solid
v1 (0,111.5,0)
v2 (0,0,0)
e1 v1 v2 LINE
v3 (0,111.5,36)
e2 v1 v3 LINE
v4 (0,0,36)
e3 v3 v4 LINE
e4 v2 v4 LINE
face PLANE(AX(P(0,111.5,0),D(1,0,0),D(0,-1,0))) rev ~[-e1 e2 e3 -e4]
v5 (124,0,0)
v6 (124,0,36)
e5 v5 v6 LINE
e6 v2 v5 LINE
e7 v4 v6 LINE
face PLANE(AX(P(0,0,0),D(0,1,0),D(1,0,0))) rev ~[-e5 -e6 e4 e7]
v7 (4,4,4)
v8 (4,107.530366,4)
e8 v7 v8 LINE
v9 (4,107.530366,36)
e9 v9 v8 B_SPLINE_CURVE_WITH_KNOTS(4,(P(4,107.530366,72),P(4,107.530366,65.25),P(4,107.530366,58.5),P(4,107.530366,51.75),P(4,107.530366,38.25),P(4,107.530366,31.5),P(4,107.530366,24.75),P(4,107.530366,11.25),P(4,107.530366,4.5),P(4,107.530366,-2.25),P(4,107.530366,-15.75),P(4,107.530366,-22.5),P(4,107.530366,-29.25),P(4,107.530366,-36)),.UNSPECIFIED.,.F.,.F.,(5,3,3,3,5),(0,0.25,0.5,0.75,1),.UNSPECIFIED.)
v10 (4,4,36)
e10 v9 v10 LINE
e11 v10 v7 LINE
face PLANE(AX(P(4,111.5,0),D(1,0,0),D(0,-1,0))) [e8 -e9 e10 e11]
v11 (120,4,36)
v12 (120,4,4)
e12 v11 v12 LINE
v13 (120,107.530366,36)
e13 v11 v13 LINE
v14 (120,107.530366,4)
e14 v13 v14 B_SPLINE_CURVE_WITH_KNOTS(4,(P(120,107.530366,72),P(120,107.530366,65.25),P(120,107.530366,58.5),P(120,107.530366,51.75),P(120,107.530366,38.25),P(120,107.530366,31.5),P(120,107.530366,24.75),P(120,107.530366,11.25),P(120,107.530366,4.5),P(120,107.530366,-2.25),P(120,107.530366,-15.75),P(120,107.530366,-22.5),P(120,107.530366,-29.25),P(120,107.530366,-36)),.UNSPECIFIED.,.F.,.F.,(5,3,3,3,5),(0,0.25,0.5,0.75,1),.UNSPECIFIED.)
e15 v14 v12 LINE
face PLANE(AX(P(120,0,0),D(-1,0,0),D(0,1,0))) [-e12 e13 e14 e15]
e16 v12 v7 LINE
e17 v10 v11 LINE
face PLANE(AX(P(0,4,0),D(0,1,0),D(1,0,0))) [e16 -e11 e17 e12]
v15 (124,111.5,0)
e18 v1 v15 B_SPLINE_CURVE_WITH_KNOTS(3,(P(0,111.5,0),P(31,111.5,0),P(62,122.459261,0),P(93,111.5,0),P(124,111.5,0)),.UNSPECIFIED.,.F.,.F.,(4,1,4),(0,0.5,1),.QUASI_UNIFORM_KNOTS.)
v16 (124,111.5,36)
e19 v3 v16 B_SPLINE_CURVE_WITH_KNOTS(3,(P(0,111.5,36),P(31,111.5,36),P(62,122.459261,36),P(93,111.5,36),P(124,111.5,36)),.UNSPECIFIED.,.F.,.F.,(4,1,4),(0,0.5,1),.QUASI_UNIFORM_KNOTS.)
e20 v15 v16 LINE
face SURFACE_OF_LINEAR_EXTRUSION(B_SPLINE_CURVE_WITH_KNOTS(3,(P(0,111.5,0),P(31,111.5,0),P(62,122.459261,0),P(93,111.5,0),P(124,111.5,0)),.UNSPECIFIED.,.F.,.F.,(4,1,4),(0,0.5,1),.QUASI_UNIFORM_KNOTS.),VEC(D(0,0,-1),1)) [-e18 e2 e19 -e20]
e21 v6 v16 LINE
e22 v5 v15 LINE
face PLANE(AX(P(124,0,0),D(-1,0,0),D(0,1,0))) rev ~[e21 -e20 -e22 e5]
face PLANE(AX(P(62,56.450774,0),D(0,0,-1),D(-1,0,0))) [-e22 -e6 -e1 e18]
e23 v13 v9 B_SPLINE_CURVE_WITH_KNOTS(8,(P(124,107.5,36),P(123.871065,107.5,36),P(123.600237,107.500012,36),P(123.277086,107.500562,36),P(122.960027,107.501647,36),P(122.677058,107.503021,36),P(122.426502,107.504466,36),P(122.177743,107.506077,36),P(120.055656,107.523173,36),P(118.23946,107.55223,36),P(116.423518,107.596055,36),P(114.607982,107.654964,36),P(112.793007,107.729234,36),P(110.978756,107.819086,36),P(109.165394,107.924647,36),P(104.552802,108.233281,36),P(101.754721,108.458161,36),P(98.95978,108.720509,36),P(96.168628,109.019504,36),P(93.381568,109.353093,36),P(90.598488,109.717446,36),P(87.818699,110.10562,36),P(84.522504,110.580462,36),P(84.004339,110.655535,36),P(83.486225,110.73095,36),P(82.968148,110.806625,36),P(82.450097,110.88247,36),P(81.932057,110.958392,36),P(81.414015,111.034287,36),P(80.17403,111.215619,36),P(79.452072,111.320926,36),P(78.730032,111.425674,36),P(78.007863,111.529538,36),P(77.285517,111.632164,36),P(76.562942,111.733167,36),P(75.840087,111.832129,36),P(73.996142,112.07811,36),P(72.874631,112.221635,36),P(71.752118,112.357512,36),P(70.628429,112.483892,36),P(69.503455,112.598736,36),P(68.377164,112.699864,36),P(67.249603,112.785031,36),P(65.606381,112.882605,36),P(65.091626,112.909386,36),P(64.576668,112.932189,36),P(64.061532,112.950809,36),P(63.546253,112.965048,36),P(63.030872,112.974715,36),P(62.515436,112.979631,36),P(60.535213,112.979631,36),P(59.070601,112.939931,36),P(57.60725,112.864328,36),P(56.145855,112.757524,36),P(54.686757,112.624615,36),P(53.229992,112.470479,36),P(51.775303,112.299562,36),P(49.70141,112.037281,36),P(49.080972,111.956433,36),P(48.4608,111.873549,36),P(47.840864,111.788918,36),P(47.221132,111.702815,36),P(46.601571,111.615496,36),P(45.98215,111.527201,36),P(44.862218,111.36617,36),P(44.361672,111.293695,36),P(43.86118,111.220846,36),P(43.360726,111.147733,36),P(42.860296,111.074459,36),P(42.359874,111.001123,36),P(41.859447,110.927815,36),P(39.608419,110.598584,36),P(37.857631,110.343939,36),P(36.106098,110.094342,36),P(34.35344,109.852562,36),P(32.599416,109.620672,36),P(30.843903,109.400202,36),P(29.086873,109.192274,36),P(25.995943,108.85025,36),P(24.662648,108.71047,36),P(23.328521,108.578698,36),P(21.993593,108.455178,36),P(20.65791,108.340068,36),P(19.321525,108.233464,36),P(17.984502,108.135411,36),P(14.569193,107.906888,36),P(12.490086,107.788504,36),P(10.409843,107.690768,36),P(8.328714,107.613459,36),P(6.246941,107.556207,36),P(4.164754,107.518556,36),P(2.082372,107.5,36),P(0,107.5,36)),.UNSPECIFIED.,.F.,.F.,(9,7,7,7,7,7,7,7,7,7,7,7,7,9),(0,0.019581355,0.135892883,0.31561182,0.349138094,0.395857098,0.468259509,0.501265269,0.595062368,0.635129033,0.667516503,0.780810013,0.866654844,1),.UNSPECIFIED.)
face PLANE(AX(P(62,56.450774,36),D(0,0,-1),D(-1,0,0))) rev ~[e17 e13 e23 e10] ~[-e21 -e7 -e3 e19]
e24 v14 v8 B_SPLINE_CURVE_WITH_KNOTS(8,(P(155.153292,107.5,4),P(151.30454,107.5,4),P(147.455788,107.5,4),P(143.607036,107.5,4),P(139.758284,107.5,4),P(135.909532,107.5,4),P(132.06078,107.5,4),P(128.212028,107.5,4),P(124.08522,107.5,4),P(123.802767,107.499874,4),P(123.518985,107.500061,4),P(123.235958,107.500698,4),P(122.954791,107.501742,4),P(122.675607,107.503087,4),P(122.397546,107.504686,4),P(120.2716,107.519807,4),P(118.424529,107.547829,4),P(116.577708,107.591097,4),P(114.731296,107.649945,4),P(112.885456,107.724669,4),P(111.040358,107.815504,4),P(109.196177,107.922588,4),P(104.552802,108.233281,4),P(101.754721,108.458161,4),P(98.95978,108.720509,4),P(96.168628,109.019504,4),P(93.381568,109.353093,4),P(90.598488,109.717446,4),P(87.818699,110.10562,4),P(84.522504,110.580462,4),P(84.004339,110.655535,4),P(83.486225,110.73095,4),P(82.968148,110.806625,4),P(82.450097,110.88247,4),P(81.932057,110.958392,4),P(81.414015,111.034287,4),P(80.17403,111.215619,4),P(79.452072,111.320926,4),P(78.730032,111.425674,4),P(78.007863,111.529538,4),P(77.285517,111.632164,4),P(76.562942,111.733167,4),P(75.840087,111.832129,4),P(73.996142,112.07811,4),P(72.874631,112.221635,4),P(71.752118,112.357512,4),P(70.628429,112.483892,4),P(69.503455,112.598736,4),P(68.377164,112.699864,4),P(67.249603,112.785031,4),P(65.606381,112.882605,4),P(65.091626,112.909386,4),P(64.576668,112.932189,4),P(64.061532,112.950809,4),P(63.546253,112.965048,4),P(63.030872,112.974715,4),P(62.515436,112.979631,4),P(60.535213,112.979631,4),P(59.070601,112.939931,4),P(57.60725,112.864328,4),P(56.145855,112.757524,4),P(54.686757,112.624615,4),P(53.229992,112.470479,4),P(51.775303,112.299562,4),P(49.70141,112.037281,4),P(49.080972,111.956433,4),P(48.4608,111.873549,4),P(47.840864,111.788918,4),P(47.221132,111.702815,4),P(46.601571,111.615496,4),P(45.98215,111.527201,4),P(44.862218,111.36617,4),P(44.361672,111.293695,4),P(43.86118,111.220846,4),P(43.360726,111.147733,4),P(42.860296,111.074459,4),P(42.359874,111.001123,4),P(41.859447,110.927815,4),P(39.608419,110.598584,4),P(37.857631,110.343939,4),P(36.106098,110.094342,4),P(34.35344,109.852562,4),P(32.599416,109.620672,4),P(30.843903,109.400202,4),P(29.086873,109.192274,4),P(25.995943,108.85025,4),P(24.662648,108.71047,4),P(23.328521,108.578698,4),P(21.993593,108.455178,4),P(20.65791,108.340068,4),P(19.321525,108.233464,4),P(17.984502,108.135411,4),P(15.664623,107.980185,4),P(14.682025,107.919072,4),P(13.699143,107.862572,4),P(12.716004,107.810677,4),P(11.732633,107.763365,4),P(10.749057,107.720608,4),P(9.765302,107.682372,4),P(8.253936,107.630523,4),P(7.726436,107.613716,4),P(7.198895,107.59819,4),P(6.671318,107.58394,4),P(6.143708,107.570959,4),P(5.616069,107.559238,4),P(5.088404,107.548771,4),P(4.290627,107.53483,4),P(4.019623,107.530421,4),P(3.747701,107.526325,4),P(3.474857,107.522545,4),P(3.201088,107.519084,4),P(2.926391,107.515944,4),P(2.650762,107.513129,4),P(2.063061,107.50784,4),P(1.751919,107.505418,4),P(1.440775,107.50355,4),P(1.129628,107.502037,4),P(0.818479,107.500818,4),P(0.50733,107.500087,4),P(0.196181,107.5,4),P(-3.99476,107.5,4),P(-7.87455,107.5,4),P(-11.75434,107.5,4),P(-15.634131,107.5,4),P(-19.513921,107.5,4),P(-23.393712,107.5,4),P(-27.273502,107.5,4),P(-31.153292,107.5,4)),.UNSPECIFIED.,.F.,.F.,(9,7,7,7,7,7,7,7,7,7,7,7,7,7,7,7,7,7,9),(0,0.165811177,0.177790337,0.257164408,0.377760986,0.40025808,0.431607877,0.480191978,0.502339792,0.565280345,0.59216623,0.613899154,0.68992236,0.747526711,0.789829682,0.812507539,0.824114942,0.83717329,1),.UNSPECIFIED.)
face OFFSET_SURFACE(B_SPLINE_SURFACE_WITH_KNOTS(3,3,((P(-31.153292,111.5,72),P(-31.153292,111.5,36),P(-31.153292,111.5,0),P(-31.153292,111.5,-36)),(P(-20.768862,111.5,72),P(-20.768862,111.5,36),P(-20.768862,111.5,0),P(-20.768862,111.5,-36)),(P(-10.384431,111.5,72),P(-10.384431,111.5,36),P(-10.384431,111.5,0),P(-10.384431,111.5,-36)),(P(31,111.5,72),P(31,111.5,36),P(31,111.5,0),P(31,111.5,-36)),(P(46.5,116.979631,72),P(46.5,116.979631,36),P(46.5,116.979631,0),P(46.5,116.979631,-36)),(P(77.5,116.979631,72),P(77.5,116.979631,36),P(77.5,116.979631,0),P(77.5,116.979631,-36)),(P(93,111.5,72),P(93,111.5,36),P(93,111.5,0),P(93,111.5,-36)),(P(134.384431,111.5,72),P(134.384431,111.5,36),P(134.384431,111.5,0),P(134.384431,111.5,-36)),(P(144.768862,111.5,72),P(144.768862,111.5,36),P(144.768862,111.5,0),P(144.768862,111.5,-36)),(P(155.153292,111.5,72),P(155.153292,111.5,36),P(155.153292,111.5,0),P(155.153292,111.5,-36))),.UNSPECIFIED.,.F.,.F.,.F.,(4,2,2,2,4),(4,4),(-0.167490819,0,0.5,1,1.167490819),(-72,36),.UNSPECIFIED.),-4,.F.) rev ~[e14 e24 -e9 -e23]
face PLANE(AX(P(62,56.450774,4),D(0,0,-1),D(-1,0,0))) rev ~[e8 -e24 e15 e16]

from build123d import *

# Parameters (mm, degrees)
F3_DEPTH = 36
F4_T     = -4


with BuildPart() as f3:
    # F2 (on Top) → F3 (new body)
    with BuildSketch(Plane.XY):
        with BuildLine():
            add(Edge.make_bspline(
                [(0, 111.5), (31, 111.5), (62, 122.4592611451), (93, 111.5), (124, 111.5)],
                knots=[0, 0, 0, 0, 0.5, 1, 1, 1, 1], degree=3))
            Line((0, 111.5), (0, 0))
            Line((0, 0), (124, 0))
            Line((124, 0), (124, 111.5))
        make_face()
    extrude(amount=F3_DEPTH)

    # F4
    f4_openings = [f3.faces().sort_by_distance(p)[0] for p in [
        (62, 56.93045, 36),
    ]]
    offset(amount=F4_T, openings=f4_openings, kind=Kind.INTERSECTION)


solid = f3.part
